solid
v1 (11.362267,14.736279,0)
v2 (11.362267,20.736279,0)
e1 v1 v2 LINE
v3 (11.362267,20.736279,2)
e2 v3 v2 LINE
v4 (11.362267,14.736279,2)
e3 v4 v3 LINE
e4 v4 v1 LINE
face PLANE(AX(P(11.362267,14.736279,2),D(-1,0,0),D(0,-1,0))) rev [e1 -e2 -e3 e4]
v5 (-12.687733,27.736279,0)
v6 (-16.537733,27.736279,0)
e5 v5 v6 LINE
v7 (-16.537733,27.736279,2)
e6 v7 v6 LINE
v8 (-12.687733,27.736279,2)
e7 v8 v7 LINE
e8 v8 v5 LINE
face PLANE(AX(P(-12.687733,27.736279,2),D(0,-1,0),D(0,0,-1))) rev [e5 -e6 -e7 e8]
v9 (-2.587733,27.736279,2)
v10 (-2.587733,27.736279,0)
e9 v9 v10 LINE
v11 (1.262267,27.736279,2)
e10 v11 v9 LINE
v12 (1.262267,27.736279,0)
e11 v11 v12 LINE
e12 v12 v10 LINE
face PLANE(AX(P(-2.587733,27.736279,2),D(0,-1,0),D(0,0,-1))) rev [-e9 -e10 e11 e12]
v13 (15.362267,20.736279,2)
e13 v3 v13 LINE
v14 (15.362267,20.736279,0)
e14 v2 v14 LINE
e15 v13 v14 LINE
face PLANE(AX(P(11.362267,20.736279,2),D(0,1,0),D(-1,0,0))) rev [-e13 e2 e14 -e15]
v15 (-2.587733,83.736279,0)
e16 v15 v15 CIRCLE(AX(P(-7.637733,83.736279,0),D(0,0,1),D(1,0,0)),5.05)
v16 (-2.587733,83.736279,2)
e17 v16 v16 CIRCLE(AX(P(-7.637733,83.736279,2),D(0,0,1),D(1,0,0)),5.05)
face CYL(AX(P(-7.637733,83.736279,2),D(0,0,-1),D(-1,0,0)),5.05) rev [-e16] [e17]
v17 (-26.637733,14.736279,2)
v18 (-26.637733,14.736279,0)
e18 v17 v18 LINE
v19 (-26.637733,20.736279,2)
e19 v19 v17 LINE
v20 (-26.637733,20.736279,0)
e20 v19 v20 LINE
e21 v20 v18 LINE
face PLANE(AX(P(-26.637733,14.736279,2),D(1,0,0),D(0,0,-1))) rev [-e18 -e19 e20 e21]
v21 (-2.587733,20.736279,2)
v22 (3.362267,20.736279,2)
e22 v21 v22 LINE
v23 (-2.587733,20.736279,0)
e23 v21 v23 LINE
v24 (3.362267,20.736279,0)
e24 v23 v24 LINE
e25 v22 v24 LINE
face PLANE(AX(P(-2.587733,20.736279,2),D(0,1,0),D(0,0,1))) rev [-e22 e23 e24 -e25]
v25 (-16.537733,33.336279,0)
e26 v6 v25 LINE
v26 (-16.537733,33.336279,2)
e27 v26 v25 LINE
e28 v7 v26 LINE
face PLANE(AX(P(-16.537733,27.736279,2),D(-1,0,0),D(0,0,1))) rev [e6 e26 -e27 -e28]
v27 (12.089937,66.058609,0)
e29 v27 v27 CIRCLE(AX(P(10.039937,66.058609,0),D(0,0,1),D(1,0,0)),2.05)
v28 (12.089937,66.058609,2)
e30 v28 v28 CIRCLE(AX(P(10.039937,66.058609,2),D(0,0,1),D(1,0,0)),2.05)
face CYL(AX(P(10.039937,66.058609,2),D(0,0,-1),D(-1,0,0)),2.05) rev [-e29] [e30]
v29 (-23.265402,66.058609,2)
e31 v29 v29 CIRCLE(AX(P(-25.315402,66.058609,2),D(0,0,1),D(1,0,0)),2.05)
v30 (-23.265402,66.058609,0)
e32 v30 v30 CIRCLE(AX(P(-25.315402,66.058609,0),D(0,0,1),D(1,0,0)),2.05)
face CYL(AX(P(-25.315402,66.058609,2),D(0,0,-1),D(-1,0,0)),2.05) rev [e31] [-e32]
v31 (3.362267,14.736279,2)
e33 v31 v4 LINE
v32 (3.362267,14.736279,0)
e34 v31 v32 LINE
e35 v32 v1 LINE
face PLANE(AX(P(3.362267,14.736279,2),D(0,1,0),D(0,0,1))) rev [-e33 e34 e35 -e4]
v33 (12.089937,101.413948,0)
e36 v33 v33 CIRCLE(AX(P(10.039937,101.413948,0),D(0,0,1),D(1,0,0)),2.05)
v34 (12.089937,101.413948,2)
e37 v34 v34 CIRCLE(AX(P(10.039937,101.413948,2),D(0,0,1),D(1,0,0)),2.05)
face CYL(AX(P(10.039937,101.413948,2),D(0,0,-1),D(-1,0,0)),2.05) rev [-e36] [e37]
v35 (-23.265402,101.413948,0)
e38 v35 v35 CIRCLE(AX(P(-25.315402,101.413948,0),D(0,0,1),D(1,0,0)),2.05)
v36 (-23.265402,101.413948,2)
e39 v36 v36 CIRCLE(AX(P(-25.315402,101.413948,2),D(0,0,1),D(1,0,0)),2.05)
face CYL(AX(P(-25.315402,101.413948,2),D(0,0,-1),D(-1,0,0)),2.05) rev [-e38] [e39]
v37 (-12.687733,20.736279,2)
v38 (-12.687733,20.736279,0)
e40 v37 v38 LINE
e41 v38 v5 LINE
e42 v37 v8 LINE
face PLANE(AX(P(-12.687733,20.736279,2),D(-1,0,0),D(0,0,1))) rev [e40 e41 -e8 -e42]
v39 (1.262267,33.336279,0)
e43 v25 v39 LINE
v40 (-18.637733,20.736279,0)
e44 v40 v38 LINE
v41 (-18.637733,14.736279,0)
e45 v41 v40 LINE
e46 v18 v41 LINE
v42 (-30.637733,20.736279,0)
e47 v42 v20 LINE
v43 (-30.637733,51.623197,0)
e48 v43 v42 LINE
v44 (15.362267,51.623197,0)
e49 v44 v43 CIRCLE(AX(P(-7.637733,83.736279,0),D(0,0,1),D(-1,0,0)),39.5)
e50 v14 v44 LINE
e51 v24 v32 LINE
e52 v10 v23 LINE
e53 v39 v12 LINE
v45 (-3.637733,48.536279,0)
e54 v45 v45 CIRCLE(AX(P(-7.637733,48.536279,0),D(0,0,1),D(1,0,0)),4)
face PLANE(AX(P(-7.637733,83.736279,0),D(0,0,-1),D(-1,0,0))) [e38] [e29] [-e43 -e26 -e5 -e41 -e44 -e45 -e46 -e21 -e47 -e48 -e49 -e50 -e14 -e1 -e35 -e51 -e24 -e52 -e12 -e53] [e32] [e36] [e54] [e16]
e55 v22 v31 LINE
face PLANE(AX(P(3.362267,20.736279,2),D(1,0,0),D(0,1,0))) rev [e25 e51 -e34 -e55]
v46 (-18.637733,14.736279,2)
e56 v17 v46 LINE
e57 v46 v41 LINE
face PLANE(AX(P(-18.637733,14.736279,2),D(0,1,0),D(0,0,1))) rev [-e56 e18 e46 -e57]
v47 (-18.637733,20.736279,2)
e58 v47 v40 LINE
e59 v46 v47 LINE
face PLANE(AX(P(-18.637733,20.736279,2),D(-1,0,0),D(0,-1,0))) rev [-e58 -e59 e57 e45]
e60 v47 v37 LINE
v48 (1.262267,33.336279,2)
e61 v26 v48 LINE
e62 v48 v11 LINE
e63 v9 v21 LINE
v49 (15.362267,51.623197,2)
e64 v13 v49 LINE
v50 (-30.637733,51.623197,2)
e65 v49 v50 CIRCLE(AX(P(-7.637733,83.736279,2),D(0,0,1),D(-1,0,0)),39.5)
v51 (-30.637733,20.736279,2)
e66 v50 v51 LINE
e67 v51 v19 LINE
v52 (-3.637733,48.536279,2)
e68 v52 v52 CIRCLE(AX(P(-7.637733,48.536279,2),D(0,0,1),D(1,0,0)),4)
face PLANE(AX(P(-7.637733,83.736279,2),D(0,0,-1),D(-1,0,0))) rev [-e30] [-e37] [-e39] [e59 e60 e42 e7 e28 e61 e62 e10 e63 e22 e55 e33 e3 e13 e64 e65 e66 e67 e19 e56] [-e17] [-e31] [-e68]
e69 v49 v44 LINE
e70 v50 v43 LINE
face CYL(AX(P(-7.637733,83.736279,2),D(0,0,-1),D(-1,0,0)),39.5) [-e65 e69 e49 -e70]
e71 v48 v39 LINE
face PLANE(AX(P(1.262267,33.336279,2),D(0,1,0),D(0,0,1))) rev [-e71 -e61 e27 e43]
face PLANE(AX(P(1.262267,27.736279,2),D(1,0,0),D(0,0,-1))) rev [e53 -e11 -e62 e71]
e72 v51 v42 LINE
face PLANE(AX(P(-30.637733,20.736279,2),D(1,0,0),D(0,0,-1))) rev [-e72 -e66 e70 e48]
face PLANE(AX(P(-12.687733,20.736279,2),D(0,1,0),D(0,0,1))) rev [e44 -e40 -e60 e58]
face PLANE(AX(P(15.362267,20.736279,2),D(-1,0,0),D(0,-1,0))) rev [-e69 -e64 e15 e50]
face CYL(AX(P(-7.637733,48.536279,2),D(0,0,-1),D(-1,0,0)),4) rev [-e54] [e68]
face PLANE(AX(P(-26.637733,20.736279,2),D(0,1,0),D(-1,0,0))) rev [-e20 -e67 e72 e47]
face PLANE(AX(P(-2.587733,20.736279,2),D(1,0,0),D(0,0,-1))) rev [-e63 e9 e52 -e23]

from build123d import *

# Parameters (mm, degrees)
SKETCH_1_R      = 5.05
SKETCH_1_R_2    = 2.05
SKETCH_1_R_3    = 4
EXTRUDE_1_DEPTH = 2


with BuildPart() as part:
    # 草图1 → 凸台-拉伸1 (new body)
    with BuildSketch(Plane.XY):
        with BuildLine():
            Line((-2.587732913, 20.736278596), (-2.587732913, 27.736278596))
            Line((-2.587732913, 27.736278596), (1.262267087, 27.736278596))
            Line((1.262267087, 27.736278596), (1.262267087, 33.336278596))
            Line((1.262267087, 33.336278596), (-2.687732913, 33.336278596))
            Line((-2.687732913, 33.336278596), (-12.587732913, 33.336278596))
            Line((-12.587732913, 33.336278596), (-16.537732913, 33.336278596))
            Line((-16.537732913, 33.336278596), (-16.537732913, 27.736278596))
            Line((-16.537732913, 27.736278596), (-12.687732913, 27.736278596))
            Line((-12.687732913, 27.736278596), (-12.687732913, 20.736278596))
            Line((-12.687732913, 20.736278596), (-18.637732913, 20.736278596))
            Line((-18.637732913, 20.736278596), (-18.637732913, 14.736278596))
            Line((-18.637732913, 14.736278596), (-26.637732913, 14.736278596))
            Line((-26.637732913, 14.736278596), (-26.637732913, 20.736278596))
            Line((-26.637732913, 20.736278596), (-30.637732913, 20.736278596))
            Line((-30.637732913, 20.736278596), (-30.637732913, 51.623197149))
            ThreePointArc((-30.637732913, 51.623197149), (-7.637732913, 123.236278596), (15.362267087, 51.623197149))
            Line((15.362267087, 51.623197149), (15.362267087, 20.736278596))
            Line((15.362267087, 20.736278596), (11.362267087, 20.736278596))
            Line((11.362267087, 20.736278596), (11.362267087, 14.736278596))
            Line((11.362267087, 14.736278596), (3.362267087, 14.736278596))
            Line((3.362267087, 14.736278596), (3.362267087, 20.736278596))
            Line((3.362267087, 20.736278596), (-2.587732913, 20.736278596))
        make_face()
        with Locations((-7.637732913, 83.736278596)):
            Circle(SKETCH_1_R, mode=Mode.SUBTRACT)
        with Locations((10.039936617, 66.058609066)):
            Circle(SKETCH_1_R_2, mode=Mode.SUBTRACT)
        with Locations((-25.315402443, 66.058609066)):
            Circle(SKETCH_1_R_2, mode=Mode.SUBTRACT)
        with Locations((-25.315402443, 101.413948126)):
            Circle(SKETCH_1_R_2, mode=Mode.SUBTRACT)
        with Locations((10.039936617, 101.413948126)):
            Circle(SKETCH_1_R_2, mode=Mode.SUBTRACT)
        with Locations((-7.637732913, 48.536278596)):
            Circle(SKETCH_1_R_3, mode=Mode.SUBTRACT)
    extrude(amount=EXTRUDE_1_DEPTH)


solid = part.part
